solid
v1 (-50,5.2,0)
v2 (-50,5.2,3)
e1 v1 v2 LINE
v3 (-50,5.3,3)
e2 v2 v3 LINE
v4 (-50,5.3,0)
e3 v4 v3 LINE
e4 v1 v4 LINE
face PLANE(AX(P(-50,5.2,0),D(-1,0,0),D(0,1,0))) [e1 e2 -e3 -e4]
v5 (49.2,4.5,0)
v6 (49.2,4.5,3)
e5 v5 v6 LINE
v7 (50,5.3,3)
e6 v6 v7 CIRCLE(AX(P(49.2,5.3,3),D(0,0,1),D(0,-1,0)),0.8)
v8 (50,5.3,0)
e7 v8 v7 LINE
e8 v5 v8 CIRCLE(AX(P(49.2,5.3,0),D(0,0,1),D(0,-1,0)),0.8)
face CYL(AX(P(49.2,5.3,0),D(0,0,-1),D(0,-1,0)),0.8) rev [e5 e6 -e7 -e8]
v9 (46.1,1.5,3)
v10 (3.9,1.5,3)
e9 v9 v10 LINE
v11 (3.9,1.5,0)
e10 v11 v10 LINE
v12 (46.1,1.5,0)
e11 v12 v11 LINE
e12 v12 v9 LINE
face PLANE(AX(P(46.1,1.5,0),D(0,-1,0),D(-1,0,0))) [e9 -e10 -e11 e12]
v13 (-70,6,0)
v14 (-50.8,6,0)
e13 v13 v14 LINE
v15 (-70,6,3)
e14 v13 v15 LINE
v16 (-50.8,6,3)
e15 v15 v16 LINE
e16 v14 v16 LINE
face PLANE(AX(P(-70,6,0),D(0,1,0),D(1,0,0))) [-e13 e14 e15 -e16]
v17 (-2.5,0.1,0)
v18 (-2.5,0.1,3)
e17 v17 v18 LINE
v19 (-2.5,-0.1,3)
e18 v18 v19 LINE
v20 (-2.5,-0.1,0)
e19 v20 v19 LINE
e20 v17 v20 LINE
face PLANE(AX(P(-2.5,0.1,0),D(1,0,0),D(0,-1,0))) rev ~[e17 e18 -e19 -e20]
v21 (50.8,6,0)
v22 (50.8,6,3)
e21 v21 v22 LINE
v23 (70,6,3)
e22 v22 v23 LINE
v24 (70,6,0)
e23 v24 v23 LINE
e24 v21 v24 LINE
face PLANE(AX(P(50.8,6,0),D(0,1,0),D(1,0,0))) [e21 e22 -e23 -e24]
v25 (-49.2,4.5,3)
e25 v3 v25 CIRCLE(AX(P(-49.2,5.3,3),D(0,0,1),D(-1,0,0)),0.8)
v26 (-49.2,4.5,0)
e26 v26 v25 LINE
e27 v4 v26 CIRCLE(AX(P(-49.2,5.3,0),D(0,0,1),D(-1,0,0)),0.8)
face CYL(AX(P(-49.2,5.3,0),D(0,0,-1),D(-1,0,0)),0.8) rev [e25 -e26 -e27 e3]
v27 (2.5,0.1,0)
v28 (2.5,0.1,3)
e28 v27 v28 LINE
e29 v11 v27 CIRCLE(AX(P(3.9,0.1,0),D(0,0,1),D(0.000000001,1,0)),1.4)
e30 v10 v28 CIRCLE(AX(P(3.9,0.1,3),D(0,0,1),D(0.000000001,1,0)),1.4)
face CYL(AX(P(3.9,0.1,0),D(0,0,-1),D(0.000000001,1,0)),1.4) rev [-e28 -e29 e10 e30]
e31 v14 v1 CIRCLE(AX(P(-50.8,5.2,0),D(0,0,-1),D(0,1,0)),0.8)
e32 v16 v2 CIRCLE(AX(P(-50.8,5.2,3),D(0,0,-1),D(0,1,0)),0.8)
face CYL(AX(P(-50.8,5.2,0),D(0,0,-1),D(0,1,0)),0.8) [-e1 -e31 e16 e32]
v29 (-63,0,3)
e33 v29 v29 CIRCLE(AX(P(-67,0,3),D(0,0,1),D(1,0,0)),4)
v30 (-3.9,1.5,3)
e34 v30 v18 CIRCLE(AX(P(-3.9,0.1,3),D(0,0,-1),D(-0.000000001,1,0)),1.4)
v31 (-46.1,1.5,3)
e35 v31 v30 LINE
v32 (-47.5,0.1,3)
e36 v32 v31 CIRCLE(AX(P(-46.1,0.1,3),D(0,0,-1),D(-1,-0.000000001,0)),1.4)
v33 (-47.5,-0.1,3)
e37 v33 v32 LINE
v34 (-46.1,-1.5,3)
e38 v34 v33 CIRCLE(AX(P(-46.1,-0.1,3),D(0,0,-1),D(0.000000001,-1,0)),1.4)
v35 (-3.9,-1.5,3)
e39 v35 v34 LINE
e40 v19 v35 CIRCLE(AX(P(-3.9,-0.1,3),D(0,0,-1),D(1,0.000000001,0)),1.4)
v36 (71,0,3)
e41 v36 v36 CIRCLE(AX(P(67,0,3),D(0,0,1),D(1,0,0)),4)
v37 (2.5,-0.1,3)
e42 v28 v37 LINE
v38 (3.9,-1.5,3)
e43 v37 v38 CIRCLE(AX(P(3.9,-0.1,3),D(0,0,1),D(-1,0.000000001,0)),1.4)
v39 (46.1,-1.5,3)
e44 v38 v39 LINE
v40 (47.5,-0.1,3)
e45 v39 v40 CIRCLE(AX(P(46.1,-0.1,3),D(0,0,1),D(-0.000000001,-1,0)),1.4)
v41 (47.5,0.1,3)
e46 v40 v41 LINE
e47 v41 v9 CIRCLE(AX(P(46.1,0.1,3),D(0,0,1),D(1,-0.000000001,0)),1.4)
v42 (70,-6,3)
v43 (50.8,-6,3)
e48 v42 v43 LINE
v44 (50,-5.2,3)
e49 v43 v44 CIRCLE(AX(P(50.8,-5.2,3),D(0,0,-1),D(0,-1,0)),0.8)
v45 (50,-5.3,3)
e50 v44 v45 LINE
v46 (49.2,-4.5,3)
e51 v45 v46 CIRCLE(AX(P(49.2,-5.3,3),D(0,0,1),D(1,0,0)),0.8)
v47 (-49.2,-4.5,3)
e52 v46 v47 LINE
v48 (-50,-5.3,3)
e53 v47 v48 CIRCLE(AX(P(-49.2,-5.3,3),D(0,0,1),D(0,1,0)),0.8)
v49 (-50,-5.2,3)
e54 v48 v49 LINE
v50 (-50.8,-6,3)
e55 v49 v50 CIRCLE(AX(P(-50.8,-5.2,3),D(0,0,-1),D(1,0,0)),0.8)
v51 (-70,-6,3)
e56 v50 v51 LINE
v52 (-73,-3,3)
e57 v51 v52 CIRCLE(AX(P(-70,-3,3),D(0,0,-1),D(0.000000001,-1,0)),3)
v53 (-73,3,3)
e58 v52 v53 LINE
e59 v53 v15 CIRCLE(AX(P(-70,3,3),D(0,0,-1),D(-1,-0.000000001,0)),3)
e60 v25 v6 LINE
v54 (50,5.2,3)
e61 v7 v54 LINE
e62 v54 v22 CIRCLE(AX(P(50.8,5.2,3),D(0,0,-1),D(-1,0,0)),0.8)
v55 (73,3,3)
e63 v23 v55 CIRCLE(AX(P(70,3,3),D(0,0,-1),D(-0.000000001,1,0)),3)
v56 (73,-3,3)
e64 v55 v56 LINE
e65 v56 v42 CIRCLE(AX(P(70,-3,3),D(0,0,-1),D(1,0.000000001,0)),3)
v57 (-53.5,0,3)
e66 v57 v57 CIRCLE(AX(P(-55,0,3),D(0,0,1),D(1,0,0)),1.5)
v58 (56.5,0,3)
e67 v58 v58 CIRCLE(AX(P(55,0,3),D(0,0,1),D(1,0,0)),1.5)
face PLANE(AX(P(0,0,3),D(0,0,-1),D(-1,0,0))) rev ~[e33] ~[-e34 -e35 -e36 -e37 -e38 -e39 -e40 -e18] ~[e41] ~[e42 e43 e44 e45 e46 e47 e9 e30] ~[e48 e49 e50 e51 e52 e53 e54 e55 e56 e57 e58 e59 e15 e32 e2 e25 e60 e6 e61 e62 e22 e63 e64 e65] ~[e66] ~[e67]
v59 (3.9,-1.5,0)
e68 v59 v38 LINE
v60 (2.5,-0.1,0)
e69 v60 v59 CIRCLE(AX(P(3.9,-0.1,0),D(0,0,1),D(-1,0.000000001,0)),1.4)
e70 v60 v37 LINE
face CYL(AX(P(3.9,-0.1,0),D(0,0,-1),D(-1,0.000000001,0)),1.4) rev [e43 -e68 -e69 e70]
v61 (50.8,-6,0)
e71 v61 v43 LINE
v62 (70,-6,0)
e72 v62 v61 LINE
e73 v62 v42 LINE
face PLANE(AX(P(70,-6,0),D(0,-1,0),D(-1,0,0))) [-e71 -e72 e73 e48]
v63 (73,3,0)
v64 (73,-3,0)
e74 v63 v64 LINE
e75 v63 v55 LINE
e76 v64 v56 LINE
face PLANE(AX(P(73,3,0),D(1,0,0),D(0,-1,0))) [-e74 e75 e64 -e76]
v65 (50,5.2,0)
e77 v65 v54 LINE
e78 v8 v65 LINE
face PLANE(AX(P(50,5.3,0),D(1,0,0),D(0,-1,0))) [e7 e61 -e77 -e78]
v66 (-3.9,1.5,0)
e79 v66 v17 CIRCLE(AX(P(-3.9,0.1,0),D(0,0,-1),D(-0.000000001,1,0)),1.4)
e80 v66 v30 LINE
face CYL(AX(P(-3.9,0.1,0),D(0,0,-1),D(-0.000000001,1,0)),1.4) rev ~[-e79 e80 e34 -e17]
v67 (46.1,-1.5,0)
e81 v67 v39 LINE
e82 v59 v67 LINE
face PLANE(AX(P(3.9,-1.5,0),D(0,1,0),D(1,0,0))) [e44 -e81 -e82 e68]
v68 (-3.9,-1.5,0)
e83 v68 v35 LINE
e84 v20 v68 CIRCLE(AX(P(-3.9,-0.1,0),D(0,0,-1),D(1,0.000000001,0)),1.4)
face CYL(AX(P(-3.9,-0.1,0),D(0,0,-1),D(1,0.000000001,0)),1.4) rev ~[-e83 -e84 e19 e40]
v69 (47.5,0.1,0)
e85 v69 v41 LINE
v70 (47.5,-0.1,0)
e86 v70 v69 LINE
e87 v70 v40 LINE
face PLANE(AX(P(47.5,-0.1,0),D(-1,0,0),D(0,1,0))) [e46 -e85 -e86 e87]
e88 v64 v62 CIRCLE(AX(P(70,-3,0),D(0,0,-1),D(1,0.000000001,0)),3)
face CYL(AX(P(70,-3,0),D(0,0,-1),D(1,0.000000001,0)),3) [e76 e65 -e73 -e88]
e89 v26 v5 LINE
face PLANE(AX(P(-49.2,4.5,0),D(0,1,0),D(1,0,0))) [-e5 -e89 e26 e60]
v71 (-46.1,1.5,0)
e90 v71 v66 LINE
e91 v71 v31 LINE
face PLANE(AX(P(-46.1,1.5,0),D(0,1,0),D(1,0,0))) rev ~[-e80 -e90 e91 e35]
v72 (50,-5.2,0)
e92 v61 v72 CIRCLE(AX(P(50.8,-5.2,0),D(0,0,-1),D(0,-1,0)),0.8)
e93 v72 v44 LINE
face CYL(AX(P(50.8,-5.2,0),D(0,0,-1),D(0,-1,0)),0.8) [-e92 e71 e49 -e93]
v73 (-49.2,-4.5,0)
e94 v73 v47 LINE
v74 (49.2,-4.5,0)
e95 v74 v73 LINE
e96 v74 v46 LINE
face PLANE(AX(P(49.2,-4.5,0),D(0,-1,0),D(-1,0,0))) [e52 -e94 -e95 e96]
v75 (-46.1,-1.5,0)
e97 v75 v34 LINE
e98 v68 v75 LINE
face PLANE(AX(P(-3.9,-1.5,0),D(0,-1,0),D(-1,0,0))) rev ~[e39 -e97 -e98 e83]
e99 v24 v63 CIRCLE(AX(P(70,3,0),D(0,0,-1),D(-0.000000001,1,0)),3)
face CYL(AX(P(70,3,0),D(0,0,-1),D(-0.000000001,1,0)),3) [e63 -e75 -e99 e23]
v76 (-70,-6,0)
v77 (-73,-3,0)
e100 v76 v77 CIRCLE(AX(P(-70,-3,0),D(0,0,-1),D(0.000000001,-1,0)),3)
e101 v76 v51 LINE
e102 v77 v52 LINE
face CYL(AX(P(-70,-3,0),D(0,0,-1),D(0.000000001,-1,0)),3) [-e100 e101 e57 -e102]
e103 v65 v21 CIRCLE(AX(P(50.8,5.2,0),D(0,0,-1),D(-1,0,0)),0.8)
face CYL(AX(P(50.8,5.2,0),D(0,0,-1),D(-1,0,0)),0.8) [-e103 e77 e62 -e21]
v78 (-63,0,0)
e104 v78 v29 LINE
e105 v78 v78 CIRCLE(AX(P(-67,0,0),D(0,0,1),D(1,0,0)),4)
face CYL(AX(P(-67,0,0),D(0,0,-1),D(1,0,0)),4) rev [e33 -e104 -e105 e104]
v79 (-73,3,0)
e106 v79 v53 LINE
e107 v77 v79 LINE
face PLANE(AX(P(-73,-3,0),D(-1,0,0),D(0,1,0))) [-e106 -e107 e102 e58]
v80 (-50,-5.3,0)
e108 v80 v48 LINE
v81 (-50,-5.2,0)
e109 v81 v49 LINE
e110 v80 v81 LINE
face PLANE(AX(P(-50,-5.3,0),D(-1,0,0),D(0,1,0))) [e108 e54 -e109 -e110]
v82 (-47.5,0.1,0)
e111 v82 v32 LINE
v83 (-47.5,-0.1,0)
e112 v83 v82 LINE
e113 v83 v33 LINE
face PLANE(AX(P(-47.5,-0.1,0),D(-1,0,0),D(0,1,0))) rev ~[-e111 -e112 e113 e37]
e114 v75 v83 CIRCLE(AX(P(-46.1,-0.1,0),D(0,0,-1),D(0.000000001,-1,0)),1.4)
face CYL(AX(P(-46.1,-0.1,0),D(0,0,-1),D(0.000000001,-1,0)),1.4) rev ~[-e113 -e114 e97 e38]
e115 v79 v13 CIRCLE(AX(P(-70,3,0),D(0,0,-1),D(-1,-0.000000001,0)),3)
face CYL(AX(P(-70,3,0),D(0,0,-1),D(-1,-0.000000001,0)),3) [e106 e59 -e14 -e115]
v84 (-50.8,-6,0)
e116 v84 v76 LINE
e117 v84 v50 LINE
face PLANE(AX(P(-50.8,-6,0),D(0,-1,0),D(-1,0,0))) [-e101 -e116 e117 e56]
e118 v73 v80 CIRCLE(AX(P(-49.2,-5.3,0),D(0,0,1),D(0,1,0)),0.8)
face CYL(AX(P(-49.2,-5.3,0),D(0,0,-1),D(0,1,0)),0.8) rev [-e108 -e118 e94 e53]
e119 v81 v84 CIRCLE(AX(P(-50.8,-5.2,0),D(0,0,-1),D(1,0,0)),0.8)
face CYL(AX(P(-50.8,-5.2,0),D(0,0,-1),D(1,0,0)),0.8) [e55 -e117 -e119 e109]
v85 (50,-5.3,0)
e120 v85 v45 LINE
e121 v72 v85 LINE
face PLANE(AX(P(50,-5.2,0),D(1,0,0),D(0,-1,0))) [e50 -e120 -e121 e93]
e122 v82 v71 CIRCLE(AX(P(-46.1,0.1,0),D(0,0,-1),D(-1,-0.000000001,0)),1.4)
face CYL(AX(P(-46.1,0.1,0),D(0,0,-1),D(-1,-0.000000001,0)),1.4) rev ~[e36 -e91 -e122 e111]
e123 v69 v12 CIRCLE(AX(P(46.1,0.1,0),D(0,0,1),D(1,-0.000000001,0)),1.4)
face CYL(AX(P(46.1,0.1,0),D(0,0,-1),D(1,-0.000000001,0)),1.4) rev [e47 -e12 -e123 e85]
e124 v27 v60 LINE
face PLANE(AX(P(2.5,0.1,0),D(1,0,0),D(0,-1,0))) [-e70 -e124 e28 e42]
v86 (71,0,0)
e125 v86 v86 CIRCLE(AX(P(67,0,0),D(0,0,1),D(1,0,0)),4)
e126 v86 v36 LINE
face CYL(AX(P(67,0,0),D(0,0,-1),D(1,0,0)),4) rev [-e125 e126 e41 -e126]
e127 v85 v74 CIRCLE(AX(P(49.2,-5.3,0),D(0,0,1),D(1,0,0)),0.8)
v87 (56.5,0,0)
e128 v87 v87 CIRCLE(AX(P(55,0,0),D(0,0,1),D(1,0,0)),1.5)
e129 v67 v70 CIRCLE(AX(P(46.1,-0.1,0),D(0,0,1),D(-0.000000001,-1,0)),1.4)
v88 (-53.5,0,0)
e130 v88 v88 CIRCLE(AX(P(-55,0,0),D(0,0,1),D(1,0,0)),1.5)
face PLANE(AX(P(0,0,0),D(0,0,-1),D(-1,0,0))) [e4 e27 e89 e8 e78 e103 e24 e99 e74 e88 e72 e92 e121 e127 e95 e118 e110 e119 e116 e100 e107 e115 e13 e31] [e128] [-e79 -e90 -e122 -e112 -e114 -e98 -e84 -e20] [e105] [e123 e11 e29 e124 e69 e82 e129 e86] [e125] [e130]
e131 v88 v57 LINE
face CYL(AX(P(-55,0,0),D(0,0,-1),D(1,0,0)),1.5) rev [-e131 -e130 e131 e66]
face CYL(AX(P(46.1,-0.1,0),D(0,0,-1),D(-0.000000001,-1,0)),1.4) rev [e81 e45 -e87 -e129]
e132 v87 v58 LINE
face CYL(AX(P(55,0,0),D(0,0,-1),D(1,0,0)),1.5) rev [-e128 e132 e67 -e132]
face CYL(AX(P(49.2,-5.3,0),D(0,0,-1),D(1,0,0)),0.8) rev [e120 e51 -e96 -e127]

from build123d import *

# Parameters (mm, degrees)
SKETCH1_R           = 1.5
SKETCH1_R_2         = 4
BOSS_EXTRUDE1_DEPTH = 3


with BuildPart() as part:
    # Sketch1 → Boss-Extrude1 (new body)
    with BuildSketch(Plane.XY):
        with BuildLine():
            Line((-49.2, 4.5), (49.2, 4.5))
            ThreePointArc((49.2, 4.5), (49.765685425, 4.734314575), (50, 5.3))
            Line((50, 5.3), (50, 5.2))
            ThreePointArc((50, 5.2), (50.234314575, 5.765685425), (50.8, 6))
            Line((50.8, 6), (70, 6))
            ThreePointArc((70, 6), (72.121320344, 5.121320344), (73, 3))
            Line((73, 3), (73, -3))
            ThreePointArc((73, -3), (72.121320344, -5.121320344), (70, -6))
            Line((70, -6), (50.8, -6))
            ThreePointArc((50.8, -6), (50.234314575, -5.765685425), (50, -5.2))
            Line((50, -5.2), (50, -5.3))
            ThreePointArc((50, -5.3), (49.765685425, -4.734314575), (49.2, -4.5))
            Line((49.2, -4.5), (-49.2, -4.5))
            ThreePointArc((-49.2, -4.5), (-49.765685425, -4.734314575), (-50, -5.3))
            Line((-50, -5.3), (-50, -5.2))
            ThreePointArc((-50, -5.2), (-50.234314575, -5.765685425), (-50.8, -6))
            Line((-50.8, -6), (-70, -6))
            ThreePointArc((-70, -6), (-72.121320344, -5.121320344), (-73, -3))
            Line((-73, -3), (-73, 3))
            ThreePointArc((-73, 3), (-72.121320344, 5.121320344), (-70, 6))
            Line((-70, 6), (-50.8, 6))
            ThreePointArc((-50.8, 6), (-50.234314575, 5.765685425), (-50, 5.2))
            Line((-50, 5.2), (-50, 5.3))
            ThreePointArc((-50, 5.3), (-49.765685425, 4.734314575), (-49.2, 4.5))
        make_face()
        with Locations((-55, 0)):
            Circle(SKETCH1_R, mode=Mode.SUBTRACT)
        with Locations((-67, 0)):
            Circle(SKETCH1_R_2, mode=Mode.SUBTRACT)
        with Locations((67, 0)):
            Circle(SKETCH1_R_2, mode=Mode.SUBTRACT)
        with Locations((55, 0)):
            Circle(SKETCH1_R, mode=Mode.SUBTRACT)
        with BuildLine():
            Line((-46.1, 1.5), (-3.9, 1.5))
            ThreePointArc((-3.9, 1.5), (-2.910050506, 1.089949494), (-2.5, 0.1))
            Line((-2.5, 0.1), (-2.5, -0.1))
            ThreePointArc((-2.5, -0.1), (-2.910050506, -1.089949494), (-3.9, -1.5))
            Line((-3.9, -1.5), (-46.1, -1.5))
            ThreePointArc((-46.1, -1.5), (-47.089949494, -1.089949494), (-47.5, -0.1))
            Line((-47.5, -0.1), (-47.5, 0.1))
            ThreePointArc((-47.5, 0.1), (-47.089949494, 1.089949494), (-46.1, 1.5))
        make_face(mode=Mode.SUBTRACT)
        with BuildLine():
            Line((46.1, 1.5), (3.9, 1.5))
            ThreePointArc((3.9, 1.5), (2.910050506, 1.089949494), (2.5, 0.1))
            Line((2.5, 0.1), (2.5, -0.1))
            ThreePointArc((2.5, -0.1), (2.910050506, -1.089949494), (3.9, -1.5))
            Line((3.9, -1.5), (46.1, -1.5))
            ThreePointArc((46.1, -1.5), (47.089949494, -1.089949494), (47.5, -0.1))
            Line((47.5, -0.1), (47.5, 0.1))
            ThreePointArc((47.5, 0.1), (47.089949494, 1.089949494), (46.1, 1.5))
        make_face(mode=Mode.SUBTRACT)
    extrude(amount=BOSS_EXTRUDE1_DEPTH)


solid = part.part
